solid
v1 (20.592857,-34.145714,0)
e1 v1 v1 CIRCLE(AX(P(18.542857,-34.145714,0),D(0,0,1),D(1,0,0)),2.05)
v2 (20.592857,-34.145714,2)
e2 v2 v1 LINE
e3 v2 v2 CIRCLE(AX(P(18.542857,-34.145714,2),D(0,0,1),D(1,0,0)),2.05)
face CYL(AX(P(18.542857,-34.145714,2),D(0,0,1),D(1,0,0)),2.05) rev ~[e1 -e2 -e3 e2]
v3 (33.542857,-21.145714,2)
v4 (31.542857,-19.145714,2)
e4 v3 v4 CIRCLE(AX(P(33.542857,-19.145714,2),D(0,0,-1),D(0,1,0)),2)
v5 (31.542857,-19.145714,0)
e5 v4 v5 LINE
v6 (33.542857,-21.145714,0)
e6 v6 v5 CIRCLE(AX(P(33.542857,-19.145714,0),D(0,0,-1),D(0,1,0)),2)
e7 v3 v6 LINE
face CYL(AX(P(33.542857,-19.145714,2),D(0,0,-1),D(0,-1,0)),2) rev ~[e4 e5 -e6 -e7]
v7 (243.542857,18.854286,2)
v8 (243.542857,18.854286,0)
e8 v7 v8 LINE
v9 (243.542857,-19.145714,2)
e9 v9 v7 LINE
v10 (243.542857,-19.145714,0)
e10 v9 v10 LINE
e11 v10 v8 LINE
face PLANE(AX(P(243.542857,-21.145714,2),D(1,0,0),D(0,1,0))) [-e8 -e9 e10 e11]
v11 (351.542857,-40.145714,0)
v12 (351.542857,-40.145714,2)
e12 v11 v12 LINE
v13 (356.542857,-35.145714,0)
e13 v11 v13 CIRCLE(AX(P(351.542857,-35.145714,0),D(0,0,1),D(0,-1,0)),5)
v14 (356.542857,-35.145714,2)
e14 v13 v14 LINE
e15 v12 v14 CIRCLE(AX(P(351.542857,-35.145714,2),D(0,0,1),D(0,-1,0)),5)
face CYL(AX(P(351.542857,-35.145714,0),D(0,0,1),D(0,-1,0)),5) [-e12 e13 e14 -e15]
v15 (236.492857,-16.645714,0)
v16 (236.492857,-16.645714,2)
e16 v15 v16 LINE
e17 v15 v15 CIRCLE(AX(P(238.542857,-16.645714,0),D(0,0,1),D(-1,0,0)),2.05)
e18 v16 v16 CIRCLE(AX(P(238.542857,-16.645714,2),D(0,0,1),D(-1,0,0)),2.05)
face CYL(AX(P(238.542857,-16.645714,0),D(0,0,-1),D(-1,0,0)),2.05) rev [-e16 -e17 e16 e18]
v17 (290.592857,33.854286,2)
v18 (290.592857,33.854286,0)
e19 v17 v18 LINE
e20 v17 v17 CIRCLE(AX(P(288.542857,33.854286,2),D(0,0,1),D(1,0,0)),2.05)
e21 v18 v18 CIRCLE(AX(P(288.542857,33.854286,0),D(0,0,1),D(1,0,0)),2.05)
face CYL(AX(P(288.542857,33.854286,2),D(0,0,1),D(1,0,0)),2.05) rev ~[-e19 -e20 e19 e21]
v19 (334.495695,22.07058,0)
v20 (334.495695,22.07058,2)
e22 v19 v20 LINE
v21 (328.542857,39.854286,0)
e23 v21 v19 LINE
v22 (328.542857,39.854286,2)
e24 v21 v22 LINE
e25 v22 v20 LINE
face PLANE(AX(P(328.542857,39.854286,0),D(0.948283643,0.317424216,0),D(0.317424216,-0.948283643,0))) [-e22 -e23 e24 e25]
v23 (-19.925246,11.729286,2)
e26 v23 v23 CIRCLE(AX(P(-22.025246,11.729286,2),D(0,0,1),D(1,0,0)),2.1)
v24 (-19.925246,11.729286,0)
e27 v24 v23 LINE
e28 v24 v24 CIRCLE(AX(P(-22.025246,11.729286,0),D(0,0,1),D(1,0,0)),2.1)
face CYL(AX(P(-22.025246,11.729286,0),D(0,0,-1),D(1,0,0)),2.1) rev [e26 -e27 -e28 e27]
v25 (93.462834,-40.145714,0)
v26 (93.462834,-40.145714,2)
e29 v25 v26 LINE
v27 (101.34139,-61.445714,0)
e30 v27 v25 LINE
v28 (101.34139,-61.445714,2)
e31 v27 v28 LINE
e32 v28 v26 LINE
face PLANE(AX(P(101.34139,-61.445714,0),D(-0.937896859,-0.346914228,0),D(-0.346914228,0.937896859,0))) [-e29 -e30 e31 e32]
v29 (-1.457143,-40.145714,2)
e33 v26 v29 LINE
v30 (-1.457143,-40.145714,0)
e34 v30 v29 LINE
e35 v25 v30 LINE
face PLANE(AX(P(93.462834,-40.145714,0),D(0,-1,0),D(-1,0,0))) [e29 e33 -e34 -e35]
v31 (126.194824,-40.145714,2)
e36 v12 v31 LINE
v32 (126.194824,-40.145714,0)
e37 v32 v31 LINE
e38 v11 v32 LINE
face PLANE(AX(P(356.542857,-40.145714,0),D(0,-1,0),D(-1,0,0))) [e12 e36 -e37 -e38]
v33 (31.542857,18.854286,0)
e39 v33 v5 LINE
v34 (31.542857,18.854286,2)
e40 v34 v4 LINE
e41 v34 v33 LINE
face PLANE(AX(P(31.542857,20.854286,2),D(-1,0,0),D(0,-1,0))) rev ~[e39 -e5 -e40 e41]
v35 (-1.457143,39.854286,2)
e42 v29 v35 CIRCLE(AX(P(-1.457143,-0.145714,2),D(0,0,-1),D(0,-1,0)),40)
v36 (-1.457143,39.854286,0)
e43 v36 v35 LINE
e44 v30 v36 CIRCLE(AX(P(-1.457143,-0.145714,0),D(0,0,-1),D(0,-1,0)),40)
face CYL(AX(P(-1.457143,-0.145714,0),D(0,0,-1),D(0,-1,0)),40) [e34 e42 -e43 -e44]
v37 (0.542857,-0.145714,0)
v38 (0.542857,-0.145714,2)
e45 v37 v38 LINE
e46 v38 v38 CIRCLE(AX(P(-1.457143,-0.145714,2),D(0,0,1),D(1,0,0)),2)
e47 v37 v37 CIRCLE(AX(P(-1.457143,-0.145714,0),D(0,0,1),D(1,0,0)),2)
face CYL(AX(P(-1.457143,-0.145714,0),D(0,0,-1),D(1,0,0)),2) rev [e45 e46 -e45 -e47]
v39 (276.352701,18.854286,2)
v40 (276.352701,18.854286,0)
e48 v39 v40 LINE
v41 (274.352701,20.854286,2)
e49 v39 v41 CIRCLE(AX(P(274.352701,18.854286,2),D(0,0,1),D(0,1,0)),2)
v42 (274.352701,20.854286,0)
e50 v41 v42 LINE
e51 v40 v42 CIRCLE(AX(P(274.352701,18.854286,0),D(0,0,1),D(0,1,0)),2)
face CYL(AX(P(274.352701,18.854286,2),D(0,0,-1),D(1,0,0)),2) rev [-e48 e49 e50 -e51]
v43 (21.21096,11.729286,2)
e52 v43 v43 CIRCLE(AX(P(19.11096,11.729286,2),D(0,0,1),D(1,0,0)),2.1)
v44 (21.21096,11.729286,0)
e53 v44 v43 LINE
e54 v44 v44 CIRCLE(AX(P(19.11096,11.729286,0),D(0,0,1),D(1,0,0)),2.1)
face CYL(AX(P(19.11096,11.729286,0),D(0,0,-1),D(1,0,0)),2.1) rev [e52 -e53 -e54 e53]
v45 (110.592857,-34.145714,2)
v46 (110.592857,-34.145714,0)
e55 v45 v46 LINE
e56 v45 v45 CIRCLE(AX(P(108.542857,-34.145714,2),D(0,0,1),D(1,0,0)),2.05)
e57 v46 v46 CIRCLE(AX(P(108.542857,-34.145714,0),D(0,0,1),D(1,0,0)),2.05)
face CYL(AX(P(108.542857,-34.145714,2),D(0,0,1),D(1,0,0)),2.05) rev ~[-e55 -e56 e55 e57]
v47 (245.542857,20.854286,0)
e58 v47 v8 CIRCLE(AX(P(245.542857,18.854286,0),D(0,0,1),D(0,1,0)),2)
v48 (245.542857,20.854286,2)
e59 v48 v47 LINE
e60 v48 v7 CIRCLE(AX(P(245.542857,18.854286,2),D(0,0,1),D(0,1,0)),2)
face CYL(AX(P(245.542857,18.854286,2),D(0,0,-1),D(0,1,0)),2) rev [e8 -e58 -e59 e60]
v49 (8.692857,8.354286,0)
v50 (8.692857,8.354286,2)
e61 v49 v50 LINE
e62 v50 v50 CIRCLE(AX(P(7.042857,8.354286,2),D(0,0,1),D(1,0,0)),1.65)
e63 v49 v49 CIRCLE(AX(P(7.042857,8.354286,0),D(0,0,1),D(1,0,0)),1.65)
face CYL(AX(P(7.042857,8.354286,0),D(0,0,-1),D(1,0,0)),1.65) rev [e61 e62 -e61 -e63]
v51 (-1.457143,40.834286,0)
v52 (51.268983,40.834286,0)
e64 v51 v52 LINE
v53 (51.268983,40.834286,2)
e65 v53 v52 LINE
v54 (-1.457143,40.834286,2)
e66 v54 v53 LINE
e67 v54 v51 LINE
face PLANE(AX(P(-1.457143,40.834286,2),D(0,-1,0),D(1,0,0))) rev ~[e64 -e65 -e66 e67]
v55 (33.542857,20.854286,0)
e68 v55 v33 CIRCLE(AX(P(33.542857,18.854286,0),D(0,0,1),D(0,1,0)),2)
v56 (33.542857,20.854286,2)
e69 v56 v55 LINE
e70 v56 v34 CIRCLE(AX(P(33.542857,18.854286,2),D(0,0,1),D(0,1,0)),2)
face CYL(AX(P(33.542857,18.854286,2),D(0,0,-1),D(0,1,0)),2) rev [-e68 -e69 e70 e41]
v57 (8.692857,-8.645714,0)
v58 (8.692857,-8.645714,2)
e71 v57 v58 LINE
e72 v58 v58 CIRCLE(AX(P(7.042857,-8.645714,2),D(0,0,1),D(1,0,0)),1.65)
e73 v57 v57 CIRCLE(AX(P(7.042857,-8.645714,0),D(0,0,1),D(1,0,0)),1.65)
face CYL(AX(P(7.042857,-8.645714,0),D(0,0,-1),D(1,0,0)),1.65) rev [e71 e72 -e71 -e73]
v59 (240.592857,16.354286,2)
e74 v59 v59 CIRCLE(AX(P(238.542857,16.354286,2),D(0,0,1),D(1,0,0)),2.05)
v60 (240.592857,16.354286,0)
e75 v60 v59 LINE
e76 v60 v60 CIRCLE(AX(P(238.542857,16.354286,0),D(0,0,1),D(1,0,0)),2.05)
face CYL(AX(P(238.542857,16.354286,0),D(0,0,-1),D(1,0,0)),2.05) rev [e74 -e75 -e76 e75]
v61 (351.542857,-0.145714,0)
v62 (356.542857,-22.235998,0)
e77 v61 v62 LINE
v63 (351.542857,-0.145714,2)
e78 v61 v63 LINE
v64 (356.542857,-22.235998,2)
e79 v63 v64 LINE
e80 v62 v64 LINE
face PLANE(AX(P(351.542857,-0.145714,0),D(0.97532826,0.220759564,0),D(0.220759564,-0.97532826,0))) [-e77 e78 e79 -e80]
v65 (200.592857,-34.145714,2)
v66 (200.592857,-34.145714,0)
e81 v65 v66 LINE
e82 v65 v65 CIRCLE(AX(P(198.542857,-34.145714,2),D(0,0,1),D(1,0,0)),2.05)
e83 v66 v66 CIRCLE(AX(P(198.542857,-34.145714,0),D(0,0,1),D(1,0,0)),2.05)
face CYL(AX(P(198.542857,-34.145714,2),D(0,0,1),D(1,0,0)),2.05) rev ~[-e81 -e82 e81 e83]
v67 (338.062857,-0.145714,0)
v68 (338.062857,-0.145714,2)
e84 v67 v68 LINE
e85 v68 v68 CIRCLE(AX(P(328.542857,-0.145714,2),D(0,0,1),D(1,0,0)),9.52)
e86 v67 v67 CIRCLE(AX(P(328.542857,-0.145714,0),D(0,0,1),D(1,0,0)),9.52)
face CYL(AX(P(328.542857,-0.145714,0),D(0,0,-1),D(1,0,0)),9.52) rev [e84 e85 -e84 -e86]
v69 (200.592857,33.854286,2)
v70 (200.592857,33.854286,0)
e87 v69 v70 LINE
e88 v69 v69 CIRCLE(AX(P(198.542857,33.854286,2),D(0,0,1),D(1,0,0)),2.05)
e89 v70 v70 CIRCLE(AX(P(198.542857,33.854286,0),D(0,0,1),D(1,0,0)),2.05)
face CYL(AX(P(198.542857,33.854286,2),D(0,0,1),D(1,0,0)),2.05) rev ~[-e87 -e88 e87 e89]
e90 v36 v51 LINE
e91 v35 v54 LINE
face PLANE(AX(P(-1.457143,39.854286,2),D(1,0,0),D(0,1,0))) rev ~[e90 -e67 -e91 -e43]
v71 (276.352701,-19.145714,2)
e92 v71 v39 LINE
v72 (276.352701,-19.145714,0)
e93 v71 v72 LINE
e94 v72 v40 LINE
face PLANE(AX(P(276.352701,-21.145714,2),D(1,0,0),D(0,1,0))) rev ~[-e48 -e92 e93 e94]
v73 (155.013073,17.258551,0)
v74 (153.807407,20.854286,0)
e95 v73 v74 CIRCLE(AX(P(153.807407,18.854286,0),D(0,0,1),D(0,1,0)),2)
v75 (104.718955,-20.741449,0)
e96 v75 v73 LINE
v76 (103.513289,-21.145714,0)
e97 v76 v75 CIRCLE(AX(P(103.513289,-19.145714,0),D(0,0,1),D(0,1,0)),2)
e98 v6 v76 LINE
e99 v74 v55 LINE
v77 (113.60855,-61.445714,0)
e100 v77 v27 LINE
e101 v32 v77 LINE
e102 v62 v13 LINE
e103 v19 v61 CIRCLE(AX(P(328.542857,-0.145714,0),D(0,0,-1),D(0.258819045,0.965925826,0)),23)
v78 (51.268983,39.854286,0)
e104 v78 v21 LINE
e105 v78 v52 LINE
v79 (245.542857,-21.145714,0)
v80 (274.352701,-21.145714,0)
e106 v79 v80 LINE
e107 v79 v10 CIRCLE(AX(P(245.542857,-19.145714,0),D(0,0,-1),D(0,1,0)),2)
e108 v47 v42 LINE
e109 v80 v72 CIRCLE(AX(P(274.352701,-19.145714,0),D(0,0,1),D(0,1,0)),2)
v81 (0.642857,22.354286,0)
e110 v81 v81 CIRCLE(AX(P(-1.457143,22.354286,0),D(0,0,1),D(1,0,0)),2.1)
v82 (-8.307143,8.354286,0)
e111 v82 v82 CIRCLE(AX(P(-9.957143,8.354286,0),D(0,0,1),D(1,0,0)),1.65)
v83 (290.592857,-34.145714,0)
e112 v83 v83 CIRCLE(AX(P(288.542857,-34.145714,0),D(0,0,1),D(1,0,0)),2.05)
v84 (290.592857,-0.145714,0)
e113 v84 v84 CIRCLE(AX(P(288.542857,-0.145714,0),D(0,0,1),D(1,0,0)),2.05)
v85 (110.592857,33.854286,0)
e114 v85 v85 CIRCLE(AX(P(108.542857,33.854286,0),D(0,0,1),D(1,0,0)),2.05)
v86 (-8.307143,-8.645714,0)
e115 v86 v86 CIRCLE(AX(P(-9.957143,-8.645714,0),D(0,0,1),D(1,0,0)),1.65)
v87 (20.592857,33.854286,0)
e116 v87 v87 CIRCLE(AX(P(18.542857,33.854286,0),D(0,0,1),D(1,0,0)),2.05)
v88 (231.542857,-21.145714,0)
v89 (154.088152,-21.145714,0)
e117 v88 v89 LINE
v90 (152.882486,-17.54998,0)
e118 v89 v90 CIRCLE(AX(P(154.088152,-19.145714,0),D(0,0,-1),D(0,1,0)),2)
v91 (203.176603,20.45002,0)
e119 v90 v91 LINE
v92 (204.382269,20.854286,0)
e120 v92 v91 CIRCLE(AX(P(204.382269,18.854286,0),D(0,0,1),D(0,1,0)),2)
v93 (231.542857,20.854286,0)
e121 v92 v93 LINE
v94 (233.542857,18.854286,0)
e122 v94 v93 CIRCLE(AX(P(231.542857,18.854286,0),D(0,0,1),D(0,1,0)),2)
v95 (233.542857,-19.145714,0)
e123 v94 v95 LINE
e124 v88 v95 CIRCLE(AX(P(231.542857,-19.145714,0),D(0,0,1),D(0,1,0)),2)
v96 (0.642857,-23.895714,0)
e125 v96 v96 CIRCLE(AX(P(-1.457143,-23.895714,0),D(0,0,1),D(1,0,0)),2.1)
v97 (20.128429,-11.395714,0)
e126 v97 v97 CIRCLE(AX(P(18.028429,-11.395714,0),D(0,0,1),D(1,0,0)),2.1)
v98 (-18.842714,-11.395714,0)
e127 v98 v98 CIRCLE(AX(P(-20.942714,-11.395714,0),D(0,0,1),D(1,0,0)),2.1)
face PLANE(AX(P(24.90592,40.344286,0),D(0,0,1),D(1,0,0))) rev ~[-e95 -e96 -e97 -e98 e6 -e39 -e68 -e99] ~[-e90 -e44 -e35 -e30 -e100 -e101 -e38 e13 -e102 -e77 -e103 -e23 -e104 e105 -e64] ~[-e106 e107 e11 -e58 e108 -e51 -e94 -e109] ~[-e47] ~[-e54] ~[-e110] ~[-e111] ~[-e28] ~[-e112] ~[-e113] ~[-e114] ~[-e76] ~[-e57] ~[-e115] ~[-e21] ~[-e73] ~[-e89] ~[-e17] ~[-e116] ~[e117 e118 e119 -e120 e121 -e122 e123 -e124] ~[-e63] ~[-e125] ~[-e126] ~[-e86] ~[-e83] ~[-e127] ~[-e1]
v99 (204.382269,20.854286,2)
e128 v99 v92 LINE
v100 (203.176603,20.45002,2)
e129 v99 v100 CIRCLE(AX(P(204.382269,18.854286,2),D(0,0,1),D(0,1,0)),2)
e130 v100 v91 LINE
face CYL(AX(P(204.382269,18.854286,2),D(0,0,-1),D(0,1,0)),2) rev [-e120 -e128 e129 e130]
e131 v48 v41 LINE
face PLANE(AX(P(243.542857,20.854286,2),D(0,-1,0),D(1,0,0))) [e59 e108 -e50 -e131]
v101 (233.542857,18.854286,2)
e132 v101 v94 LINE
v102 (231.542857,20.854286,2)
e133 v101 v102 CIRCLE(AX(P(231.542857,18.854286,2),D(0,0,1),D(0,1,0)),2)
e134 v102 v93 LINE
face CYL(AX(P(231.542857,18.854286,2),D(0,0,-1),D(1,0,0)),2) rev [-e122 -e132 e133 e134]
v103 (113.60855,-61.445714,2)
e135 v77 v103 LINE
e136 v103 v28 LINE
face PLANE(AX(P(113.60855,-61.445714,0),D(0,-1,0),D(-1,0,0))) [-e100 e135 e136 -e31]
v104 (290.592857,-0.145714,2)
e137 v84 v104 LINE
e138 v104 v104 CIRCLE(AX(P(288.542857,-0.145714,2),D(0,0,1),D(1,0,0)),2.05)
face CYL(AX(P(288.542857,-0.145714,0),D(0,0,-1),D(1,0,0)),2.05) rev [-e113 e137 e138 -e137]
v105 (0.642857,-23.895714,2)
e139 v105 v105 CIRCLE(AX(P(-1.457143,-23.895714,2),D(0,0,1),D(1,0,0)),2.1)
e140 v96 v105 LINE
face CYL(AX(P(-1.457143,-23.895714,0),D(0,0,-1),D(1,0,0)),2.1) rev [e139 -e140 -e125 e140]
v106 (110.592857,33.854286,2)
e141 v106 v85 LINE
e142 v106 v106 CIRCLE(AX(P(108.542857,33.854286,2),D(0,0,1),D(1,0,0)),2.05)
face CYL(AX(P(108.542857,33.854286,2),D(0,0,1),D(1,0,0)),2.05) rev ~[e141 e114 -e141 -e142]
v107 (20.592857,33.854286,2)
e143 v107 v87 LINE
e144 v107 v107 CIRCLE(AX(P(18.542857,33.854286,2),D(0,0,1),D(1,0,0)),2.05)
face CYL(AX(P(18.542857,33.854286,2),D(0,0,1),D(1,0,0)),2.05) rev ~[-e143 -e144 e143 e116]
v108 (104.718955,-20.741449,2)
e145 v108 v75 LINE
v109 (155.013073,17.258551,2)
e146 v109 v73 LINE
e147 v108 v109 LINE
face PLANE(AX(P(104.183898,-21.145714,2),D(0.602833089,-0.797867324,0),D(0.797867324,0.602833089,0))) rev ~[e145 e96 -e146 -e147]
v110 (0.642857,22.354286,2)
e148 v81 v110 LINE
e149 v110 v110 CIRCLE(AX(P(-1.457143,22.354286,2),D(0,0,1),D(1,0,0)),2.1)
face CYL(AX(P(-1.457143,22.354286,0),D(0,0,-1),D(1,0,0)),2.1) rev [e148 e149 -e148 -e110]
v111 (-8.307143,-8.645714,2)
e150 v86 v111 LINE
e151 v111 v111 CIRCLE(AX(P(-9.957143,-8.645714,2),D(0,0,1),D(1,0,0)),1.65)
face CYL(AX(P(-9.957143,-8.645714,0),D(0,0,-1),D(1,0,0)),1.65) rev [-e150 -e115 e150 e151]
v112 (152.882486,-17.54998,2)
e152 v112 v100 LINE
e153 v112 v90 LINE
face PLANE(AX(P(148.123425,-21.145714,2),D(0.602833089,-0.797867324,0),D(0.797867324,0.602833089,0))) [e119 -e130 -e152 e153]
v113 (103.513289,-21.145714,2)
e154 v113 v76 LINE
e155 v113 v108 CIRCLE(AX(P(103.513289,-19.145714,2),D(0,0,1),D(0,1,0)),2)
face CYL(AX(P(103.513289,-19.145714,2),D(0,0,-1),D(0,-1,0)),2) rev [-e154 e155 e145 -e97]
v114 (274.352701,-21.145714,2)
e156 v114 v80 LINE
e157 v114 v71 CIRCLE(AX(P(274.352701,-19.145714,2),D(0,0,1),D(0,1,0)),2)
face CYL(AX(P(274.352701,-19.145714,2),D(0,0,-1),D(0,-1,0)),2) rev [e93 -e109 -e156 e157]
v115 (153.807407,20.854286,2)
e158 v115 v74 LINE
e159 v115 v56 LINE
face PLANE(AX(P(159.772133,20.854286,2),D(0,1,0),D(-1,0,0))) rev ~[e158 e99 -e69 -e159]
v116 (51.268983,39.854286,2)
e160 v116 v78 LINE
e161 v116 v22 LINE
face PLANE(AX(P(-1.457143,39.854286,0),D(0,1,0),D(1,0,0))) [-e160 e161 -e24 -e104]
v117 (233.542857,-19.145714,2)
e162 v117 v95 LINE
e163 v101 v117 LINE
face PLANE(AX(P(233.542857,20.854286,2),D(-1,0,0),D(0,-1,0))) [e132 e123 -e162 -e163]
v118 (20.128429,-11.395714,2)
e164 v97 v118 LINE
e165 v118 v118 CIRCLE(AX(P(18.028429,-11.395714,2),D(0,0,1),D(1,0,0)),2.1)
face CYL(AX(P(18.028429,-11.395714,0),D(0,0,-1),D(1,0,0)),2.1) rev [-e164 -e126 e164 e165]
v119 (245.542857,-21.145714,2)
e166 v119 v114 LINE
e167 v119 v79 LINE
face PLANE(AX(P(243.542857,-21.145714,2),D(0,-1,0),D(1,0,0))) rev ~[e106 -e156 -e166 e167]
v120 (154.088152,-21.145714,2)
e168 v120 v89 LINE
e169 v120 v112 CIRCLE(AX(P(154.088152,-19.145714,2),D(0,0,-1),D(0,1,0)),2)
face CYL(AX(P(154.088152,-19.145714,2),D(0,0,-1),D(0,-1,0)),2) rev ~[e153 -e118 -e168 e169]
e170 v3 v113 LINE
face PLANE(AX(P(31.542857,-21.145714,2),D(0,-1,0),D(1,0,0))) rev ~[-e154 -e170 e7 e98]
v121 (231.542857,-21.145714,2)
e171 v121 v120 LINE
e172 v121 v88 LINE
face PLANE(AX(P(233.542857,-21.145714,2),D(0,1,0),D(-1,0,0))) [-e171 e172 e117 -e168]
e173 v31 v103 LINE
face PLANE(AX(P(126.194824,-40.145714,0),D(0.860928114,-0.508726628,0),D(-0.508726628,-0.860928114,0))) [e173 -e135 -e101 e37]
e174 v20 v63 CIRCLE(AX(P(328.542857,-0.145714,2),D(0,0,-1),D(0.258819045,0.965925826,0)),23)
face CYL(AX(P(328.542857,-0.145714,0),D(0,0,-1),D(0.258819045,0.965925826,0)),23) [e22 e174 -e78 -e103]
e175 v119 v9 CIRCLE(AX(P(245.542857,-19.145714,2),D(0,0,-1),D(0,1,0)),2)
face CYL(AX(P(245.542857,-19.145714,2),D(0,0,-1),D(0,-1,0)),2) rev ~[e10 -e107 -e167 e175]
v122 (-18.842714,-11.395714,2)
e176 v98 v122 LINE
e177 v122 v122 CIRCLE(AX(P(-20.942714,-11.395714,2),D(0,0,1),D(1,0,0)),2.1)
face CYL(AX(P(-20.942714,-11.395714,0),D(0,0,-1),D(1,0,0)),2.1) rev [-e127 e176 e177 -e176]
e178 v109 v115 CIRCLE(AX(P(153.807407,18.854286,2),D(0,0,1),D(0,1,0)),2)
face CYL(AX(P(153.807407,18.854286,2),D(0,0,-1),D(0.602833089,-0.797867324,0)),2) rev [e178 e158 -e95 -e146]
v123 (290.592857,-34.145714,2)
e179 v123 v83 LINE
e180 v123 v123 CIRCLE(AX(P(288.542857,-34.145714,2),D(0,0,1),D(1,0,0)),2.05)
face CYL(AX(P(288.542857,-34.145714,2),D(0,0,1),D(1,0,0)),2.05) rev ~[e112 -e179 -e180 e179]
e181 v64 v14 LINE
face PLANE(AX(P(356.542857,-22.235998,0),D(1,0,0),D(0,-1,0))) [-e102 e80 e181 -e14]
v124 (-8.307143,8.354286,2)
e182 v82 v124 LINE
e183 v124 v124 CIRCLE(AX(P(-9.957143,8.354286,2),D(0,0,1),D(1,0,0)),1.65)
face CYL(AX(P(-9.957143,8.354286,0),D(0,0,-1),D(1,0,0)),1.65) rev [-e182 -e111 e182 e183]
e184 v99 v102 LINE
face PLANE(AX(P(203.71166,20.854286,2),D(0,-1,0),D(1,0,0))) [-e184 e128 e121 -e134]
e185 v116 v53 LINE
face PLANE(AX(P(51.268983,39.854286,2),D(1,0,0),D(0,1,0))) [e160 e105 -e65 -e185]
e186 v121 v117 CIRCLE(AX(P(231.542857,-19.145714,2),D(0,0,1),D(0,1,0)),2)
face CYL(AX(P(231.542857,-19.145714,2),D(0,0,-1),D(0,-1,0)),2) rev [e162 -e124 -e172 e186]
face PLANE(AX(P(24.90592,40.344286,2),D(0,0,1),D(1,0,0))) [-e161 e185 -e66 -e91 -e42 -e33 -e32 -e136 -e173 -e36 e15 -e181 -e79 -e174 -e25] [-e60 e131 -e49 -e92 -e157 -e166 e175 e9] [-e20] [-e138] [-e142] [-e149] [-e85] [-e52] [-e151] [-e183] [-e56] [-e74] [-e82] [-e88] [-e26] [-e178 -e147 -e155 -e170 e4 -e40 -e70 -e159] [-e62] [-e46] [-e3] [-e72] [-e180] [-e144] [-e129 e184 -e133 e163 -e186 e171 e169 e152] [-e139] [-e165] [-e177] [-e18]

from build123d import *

# Parameters (mm, degrees)
SKETCH_1_R          = 2.1
SKETCH_1_R_2        = 2
SKETCH_1_R_3        = 9.52
SKETCH_1_R_4        = 2.05
SKETCH_1_R_5        = 1.65
EXTRUDE_1_DEPTH     = 2
SKETCH_3_W          = 52.726125437
SKETCH_3_H          = 0.98
EXTRUDE_2_DEPTH     = 2
SKETCH_2_R          = 2.05
SKETCH_2_W          = 32.809844138
SKETCH_2_H          = 42
CUT_EXTRUDE_1_DEPTH = 4
FILLET_1_R          = 2
FILLET_2_R          = 5


with BuildPart() as part:
    # 草图1 → 凸台-拉伸1 (new body)
    with BuildSketch(Plane.XY):
        with BuildLine():
            Line((-1.457142857, 39.854285714), (328.542857143, 39.854285714))
            Line((328.542857143, 39.854285714), (334.49569518, 22.070579719))
            ThreePointArc((334.49569518, 22.070579719), (346.78998397, 13.855798581), (351.542857143, -0.145714286))
            Line((351.542857143, -0.145714286), (356.542857143, -22.235997541))
            Line((356.542857143, -22.235997541), (356.542857143, -40.145714286))
            Line((356.542857143, -40.145714286), (328.542857143, -40.145714286))
            Line((328.542857143, -40.145714286), (126.194823947, -40.145714286))
            Line((126.194823947, -40.145714286), (113.608549915, -61.445714286))
            Line((113.608549915, -61.445714286), (101.341389716, -61.445714286))
            Line((101.341389716, -61.445714286), (93.462833584, -40.145714286))
            Line((93.462833584, -40.145714286), (-1.457142857, -40.145714286))
            ThreePointArc((-1.457142857, -40.145714286), (-41.457142857, -0.145714286), (-1.457142857, 39.854285714))
        make_face()
        with Locations((-1.457142857, -23.895714286)):
            Circle(SKETCH_1_R, mode=Mode.SUBTRACT)
        with Locations((18.028428728, -11.395714286)):
            Circle(SKETCH_1_R, mode=Mode.SUBTRACT)
        with Locations((-1.457142857, -0.145714286)):
            Circle(SKETCH_1_R_2, mode=Mode.SUBTRACT)
        with Locations((328.542857143, -0.145714286)):
            Circle(SKETCH_1_R_3, mode=Mode.SUBTRACT)
        with Locations((288.542857143, -0.145714286)):
            Circle(SKETCH_1_R_4, mode=Mode.SUBTRACT)
        with Locations((238.542857143, 16.354285714)):
            Circle(SKETCH_1_R_4, mode=Mode.SUBTRACT)
        with Locations(Location((238.542857143, -16.645714286, 0), (0, 0, 180))):
            Circle(SKETCH_1_R_4, mode=Mode.SUBTRACT)
        with Locations((-20.942714442, -11.395714286)):
            Circle(SKETCH_1_R, mode=Mode.SUBTRACT)
        with Locations((-22.025246197, 11.729285714)):
            Circle(SKETCH_1_R, mode=Mode.SUBTRACT)
        with Locations((-1.457142857, 22.354285714)):
            Circle(SKETCH_1_R, mode=Mode.SUBTRACT)
        with Locations((19.110960483, 11.729285714)):
            Circle(SKETCH_1_R, mode=Mode.SUBTRACT)
        with Locations((7.042857143, -8.645714286)):
            Circle(SKETCH_1_R_5, mode=Mode.SUBTRACT)
        with Locations((-9.957142857, -8.645714286)):
            Circle(SKETCH_1_R_5, mode=Mode.SUBTRACT)
        with Locations((-9.957142857, 8.354285714)):
            Circle(SKETCH_1_R_5, mode=Mode.SUBTRACT)
        with Locations((7.042857143, 8.354285714)):
            Circle(SKETCH_1_R_5, mode=Mode.SUBTRACT)
    extrude(amount=EXTRUDE_1_DEPTH)

    # 草图3 → 凸台-拉伸2 (add)
    with BuildSketch(Plane.XY.offset(2)):
        with Locations((24.905919862, 40.344285714)):
            Rectangle(SKETCH_3_W, SKETCH_3_H)
    extrude(amount=-EXTRUDE_2_DEPTH)

    # 草图2 → 切除-拉伸1 (cut)
    with BuildSketch(Plane.XY.offset(2)):
        with Locations((18.542857143, 33.854285714)):
            Circle(SKETCH_2_R)
        with Locations((108.542857143, 33.854285714)):
            Circle(SKETCH_2_R)
        with Locations((198.542857143, 33.854285714)):
            Circle(SKETCH_2_R)
        with Locations((288.542857143, 33.854285714)):
            Circle(SKETCH_2_R)
        with Locations((108.542857143, -34.145714286)):
            Circle(SKETCH_2_R)
        with Locations((198.542857143, -34.145714286)):
            Circle(SKETCH_2_R)
        with Locations((288.542857143, -34.145714286)):
            Circle(SKETCH_2_R)
        with Locations((18.542857143, -34.145714286)):
            Circle(SKETCH_2_R)
        Polygon((31.542857143, -21.145714286), (104.183898028, -21.145714286), (159.772133322, 20.854285714), (31.542857143, 20.854285714), align=None)
        Polygon((148.123425102, -21.145714286), (203.711660396, 20.854285714), (233.542857143, 20.854285714), (233.542857143, -21.145714286), align=None)
        with Locations((259.947779212, -0.145714286)):
            Rectangle(SKETCH_2_W, SKETCH_2_H)
    extrude(amount=-CUT_EXTRUDE_1_DEPTH, mode=Mode.SUBTRACT)

    # 圆角1
    fillet_1_edges = [part.edges().sort_by_distance(p)[0] for p in [
        (31.542857143, -21.145714286, 1),
        (31.542857143, 20.854285714, 1),
        (159.772133322, 20.854285714, 1),
        (104.183898028, -21.145714286, 1),
        (243.542857143, 20.854285714, 1),
        (276.352701281, 20.854285714, 1),
        (276.352701281, -21.145714286, 1),
        (243.542857143, -21.145714286, 1),
        (203.711660396, 20.854285714, 1),
        (233.542857143, 20.854285714, 1),
        (233.542857143, -21.145714286, 1),
        (148.123425102, -21.145714286, 1),
    ]]
    fillet(fillet_1_edges, radius=FILLET_1_R)

    # 圆角2
    fillet_2_edges = [part.edges().sort_by_distance(p)[0] for p in [
        (356.542857143, -40.145714286, 1),
    ]]
    fillet(fillet_2_edges, radius=FILLET_2_R)


solid = part.part
